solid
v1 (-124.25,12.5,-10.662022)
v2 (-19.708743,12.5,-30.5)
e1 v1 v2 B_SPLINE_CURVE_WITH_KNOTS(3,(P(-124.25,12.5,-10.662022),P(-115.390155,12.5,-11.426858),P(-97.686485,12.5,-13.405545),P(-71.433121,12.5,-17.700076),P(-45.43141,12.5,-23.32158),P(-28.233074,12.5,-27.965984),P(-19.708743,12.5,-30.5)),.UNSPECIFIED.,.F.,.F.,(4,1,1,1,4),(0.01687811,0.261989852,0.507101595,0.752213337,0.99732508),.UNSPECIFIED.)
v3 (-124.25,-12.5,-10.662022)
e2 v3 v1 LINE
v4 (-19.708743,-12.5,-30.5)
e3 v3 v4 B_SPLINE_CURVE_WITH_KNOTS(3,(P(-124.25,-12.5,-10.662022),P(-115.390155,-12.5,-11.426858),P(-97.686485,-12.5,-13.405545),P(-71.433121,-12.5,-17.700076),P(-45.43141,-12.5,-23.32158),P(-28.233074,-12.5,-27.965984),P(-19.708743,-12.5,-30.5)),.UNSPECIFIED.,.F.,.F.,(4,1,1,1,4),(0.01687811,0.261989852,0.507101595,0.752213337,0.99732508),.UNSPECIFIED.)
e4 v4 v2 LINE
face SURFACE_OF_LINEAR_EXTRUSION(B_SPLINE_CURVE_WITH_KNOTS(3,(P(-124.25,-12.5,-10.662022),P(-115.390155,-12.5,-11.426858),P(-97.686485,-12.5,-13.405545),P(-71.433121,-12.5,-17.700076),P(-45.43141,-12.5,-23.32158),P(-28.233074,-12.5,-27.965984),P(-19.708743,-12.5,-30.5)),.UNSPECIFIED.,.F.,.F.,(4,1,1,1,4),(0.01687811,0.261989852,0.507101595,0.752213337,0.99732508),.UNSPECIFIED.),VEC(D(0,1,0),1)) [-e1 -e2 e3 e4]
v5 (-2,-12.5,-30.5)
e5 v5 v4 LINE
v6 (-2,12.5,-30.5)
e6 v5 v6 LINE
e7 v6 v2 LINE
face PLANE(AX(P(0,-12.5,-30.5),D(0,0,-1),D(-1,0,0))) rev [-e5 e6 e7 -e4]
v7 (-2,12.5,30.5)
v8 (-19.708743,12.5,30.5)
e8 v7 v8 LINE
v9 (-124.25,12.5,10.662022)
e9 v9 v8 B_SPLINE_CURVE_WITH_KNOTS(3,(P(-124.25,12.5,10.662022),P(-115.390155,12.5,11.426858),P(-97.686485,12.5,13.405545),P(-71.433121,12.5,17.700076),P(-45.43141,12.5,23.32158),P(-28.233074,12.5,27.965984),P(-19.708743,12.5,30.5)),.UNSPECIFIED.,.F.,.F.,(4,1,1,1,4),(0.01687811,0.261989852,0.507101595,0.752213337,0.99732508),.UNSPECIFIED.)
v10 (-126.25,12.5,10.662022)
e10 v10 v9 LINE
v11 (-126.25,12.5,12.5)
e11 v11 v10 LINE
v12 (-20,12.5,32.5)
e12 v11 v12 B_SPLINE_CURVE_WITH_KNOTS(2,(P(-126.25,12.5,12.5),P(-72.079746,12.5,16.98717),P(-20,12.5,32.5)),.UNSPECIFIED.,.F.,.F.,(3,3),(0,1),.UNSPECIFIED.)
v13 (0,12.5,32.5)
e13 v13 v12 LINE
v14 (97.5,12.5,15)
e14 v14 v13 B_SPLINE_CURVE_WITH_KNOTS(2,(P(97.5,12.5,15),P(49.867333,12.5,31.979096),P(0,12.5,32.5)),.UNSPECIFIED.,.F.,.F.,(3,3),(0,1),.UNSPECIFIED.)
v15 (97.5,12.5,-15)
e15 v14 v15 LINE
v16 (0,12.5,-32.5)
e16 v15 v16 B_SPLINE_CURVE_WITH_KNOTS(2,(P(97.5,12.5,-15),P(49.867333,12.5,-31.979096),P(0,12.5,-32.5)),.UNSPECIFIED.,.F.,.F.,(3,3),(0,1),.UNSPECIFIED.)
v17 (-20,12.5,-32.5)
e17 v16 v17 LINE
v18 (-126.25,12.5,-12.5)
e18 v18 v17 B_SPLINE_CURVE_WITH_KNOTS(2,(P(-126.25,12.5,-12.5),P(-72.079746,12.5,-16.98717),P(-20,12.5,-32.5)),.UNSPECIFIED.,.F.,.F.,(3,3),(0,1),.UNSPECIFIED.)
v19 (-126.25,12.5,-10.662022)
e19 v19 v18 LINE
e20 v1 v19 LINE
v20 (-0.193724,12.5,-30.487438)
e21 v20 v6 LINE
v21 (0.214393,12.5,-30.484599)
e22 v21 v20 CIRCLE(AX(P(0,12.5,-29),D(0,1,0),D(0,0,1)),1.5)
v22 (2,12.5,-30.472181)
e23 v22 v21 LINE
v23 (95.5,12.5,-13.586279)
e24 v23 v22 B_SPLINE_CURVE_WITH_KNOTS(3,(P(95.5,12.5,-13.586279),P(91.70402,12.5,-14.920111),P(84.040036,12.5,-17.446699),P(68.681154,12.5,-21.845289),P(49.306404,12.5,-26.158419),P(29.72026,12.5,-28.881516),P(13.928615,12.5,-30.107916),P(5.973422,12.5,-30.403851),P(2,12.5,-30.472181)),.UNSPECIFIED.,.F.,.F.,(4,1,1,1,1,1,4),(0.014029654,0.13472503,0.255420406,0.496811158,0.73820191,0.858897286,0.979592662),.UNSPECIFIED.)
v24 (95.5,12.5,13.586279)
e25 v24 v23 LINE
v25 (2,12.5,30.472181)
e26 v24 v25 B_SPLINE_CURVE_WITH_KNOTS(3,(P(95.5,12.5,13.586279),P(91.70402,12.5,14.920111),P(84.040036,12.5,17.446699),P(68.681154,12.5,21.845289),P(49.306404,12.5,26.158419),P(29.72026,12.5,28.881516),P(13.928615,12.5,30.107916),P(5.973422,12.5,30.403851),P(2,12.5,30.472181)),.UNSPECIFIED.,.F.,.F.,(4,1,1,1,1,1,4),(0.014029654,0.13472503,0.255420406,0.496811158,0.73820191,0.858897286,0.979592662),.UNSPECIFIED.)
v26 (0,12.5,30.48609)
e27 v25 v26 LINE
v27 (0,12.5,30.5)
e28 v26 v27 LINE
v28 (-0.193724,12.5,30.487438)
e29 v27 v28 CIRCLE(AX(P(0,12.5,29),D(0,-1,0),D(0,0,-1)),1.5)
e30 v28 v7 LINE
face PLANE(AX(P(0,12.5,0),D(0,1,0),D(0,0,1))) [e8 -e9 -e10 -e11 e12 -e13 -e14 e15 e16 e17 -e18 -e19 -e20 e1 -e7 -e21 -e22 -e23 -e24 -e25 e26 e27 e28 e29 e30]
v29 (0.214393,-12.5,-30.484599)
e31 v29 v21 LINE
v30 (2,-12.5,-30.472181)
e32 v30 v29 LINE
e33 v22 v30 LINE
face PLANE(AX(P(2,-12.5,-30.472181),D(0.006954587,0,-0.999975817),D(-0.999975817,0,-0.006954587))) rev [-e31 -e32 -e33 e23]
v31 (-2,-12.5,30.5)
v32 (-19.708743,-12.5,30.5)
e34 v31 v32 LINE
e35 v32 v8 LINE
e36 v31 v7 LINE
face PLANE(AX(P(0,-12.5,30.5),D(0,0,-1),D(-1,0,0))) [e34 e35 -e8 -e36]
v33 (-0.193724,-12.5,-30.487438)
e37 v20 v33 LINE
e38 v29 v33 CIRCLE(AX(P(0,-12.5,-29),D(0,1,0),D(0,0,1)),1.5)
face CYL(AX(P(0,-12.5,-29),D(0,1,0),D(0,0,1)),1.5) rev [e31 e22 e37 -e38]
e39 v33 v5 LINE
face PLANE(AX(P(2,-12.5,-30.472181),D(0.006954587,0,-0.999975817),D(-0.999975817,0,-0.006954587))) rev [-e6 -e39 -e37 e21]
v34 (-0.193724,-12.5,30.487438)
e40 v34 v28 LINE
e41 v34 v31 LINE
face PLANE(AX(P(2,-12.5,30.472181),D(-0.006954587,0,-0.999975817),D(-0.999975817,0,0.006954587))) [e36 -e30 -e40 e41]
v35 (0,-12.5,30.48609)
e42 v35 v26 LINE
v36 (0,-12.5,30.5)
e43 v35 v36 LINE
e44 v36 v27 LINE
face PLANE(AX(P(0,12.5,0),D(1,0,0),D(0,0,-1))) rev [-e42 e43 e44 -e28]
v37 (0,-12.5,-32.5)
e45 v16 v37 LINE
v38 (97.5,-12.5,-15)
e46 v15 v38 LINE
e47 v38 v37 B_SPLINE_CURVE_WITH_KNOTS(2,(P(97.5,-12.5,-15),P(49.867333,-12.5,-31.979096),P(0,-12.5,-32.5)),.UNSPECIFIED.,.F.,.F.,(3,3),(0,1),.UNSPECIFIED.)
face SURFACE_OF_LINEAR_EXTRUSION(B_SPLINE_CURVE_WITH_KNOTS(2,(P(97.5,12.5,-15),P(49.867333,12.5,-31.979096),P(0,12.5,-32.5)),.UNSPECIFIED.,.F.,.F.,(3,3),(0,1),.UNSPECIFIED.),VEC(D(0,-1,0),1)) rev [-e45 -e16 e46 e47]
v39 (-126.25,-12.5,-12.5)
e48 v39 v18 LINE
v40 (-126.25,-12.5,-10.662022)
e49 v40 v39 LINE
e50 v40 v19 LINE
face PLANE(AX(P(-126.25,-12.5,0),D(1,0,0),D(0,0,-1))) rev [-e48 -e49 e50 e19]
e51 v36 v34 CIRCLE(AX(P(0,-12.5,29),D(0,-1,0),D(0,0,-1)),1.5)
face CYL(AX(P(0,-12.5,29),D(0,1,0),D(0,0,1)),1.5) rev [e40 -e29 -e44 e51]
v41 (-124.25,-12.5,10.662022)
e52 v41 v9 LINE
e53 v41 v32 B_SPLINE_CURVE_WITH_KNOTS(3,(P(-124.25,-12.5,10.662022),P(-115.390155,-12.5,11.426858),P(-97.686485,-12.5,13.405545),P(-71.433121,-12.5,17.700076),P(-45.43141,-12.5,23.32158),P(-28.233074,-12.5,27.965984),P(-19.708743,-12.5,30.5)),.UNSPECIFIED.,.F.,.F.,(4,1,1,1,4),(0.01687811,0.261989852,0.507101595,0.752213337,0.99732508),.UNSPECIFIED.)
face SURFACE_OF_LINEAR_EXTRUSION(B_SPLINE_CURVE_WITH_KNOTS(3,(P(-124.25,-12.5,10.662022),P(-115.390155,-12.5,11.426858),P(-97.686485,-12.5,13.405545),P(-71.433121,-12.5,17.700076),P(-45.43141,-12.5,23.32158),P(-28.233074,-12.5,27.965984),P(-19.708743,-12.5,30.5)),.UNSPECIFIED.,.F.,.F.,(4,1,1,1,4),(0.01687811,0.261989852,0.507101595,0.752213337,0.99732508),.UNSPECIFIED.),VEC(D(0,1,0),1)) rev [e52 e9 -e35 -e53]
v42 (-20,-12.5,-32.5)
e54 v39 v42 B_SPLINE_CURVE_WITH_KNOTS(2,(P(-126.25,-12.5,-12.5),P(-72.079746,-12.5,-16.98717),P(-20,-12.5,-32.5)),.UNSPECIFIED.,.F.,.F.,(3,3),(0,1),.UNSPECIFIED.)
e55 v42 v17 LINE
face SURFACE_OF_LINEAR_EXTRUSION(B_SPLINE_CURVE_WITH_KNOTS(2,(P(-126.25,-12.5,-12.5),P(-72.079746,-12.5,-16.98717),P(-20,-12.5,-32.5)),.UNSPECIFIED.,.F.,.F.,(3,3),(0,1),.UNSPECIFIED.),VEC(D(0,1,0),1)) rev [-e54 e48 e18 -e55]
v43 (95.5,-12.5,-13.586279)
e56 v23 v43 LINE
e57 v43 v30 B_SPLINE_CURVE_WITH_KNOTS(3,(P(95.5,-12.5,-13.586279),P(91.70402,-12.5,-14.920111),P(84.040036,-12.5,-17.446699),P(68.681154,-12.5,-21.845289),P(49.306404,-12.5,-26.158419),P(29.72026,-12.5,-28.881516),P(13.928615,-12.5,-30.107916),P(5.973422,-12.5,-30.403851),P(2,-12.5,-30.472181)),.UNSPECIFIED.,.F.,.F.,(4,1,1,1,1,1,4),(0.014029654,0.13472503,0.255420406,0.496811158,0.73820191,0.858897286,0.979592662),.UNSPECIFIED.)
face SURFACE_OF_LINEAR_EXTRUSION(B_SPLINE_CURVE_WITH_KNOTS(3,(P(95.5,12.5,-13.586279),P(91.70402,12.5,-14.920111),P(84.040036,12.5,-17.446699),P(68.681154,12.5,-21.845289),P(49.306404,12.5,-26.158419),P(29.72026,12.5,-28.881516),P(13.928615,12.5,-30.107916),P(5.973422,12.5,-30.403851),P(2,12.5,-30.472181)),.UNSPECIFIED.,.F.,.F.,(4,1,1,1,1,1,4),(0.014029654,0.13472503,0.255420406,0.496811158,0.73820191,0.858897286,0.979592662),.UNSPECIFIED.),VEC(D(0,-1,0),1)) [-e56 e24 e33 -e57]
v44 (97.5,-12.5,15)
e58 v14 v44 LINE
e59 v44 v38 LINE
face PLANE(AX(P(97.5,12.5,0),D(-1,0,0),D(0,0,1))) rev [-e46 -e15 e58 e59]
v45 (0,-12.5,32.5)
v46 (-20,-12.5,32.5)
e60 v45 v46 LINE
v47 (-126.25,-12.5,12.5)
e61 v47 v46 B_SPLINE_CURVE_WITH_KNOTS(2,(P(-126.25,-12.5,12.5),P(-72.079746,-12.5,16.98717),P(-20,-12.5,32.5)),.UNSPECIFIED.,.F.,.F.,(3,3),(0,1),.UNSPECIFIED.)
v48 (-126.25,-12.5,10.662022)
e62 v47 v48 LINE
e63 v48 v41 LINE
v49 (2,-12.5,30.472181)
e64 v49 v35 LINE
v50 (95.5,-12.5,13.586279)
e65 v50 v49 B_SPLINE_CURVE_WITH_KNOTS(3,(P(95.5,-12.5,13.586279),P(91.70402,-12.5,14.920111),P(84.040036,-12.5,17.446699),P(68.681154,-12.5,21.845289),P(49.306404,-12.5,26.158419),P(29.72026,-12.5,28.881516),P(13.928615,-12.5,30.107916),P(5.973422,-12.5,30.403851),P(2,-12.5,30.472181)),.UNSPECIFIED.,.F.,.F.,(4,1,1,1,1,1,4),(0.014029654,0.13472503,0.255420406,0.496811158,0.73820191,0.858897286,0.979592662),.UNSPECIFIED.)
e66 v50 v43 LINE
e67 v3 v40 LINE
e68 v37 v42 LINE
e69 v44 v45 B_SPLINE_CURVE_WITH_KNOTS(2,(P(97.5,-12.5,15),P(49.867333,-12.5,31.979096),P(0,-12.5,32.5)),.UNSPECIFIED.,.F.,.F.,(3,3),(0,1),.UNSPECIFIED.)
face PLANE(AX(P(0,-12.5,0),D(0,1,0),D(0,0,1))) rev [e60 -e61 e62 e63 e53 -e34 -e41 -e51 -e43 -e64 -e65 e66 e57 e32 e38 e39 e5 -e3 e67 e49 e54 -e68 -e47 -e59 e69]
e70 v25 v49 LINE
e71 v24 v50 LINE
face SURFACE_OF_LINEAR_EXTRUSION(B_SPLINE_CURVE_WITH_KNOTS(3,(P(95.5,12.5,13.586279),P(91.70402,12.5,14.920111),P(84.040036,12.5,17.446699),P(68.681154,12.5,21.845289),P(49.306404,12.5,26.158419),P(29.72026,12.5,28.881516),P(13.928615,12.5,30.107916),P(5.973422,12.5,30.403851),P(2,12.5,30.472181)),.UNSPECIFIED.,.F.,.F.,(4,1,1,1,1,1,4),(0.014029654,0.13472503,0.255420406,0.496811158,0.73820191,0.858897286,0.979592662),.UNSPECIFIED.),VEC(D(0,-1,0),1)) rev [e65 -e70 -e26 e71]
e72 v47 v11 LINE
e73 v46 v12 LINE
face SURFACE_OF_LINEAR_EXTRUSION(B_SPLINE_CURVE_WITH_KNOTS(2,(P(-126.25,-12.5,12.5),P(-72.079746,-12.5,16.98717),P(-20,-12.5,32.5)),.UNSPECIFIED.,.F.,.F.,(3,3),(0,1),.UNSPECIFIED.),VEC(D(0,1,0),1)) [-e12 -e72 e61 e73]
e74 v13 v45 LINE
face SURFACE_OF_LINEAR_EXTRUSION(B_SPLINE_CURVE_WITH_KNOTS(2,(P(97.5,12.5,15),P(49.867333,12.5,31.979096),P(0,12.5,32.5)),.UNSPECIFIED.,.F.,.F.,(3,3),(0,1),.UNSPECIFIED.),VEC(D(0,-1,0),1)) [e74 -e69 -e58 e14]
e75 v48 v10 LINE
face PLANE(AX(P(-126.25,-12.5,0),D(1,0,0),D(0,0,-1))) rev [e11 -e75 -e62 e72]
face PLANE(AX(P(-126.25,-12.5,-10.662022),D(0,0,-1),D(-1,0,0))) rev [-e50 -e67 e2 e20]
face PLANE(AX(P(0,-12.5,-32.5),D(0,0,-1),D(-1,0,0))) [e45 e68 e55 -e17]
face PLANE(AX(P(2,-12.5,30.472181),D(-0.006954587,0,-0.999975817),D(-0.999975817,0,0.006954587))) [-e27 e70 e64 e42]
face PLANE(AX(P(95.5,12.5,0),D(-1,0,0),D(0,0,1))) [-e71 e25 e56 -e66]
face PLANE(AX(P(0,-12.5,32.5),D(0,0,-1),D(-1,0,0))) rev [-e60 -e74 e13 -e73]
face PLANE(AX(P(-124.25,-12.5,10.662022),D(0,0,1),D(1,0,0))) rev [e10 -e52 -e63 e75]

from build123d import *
from build123d.topology import SkipClean

# Parameters (mm, degrees)
BOSS_EXTRUDE1_DEPTH = 12.5
SKETCH2_R           = 1.5
CUT_EXTRUDE1_DEPTH  = 106.770979153
BOSS_EXTRUDE2_DEPTH = 12.5
SKETCH5_W           = 219.75
SKETCH5_H           = 4
CUT_EXTRUDE4_DEPTH  = 133.741525292
CUT_EXTRUDE5_DEPTH  = 133.741525292
SKETCH7_W           = 2
SKETCH7_H           = 21.32404315
CUT_EXTRUDE6_DEPTH  = 133.741525292


with BuildPart() as part:
    # Sketch1 → Boss-Extrude1 (new, symmetric)
    with BuildSketch(Plane(origin=(0, 0, 0), x_dir=(1, 0, 0), z_dir=(0, 1, 0))):
        with BuildLine():
            Line((0, 32.5), (0, 0))
            Line((0, 0), (97.5, 0))
            Line((97.5, 0), (97.5, 15))
            add(Edge.make_bspline(
                [(97.5, 15), (49.867333034, 31.979096348), (0, 32.5)],
                knots=[0, 0, 0, 1, 1, 1], degree=2))
        make_face()
        with BuildLine():
            add(Edge.make_bspline(
                [(2, 30.472180979), (5.973421581, 30.403851063), (13.928614977, 30.107916443), (29.720259647, 28.881516286), (49.306403631, 26.158418674), (68.681154035, 21.845288993), (84.040035566, 17.446698519), (91.704019985, 14.92011128), (95.5, 13.586278965)],
                knots=[0.968736419, 0.968736419, 0.968736419, 0.968736419, 1.089431795, 1.210127171, 1.451517923, 1.692908675, 1.813604051, 1.934299427, 1.934299427, 1.934299427, 1.934299427], degree=3))
            Line((95.5, 13.586278965), (95.5, 2))
            Line((95.5, 2), (2, 2))
            Line((2, 2), (2, 30.472180979))
        make_face(mode=Mode.SUBTRACT)
    boss_extrude1 = extrude(amount=BOSS_EXTRUDE1_DEPTH, both=True)

    # Sketch2 → Cut-Extrude1 (cut, through all)
    with BuildSketch(Plane(origin=(0, 12.5, 0), x_dir=(1, 0, 0), z_dir=(0, 1, 0))):
        with Locations((0, 29)):
            Circle(SKETCH2_R)
        with Locations((94, 0)):
            Circle(SKETCH2_R)
    extrude(amount=-CUT_EXTRUDE1_DEPTH, mode=Mode.SUBTRACT)

    # Sketch3 → Boss-Extrude2 (add, symmetric)
    with BuildSketch(Plane(origin=(0, 0, 0), x_dir=(1, 0, 0), z_dir=(0, 1, 0))):
        with BuildLine():
            Line((0, 0), (0, 27.5))
            ThreePointArc((0, 27.5), (-1.5, 29), (0, 30.5))
            Line((0, 30.5), (0, 32.5))
            Line((0, 32.5), (-20, 32.5))
            add(Edge.make_bspline(
                [(-20, 32.5), (-72.079745639, 16.987169574), (-126.25, 12.5)],
                knots=[0.512731404, 0.512731404, 0.512731404, 1.512731404, 1.512731404, 1.512731404], degree=2))
            Line((-126.25, 12.5), (-126.25, 0))
            Line((-126.25, 0), (-117.75, 0))
            ThreePointArc((-117.75, 0), (-116.25, 1.5), (-114.75, 0))
            Line((-114.75, 0), (-87.75, 0))
            ThreePointArc((-87.75, 0), (-86.25, 1.5), (-84.75, 0))
            Line((-84.75, 0), (-57.75, 0))
            ThreePointArc((-57.75, 0), (-56.25, 1.5), (-54.75, 0))
            Line((-54.75, 0), (0, 0))
        make_face()
        with BuildLine():
            Line((-124.25, 2), (-124.25, 10.662021575))
            add(Edge.make_bspline(
                [(-124.25, 10.662021575), (-115.390155068, 11.4268576), (-97.68648523, 13.405544976), (-71.433121422, 17.700076016), (-45.431410048, 23.321580155), (-28.233073927, 27.965983779), (-19.708743244, 30.5)],
                knots=[0.01687811, 0.01687811, 0.01687811, 0.01687811, 0.261989852, 0.507101595, 0.752213337, 0.99732508, 0.99732508, 0.99732508, 0.99732508], degree=3))
            Line((-19.708743244, 30.5), (-2, 30.5))
            Line((-2, 30.5), (-2, 2))
            Line((-2, 2), (-124.25, 2))
        make_face(mode=Mode.SUBTRACT)
    boss_extrude2 = extrude(amount=BOSS_EXTRUDE2_DEPTH, both=True)

    # Mirror1: Boss-Extrude1, Boss-Extrude2 across plane
    with SkipClean():  # the faces are left unmerged after this step: merging them gives an invalid solid
        add(boss_extrude1.mirror(Plane.XY))
        add(boss_extrude2.mirror(Plane.XY))

    # Sketch5 → Cut-Extrude4 (cut, through all)
    with BuildSketch(Plane(origin=(0, 12.5, 0), x_dir=(1, 0, 0), z_dir=(0, 1, 0))):
        with Locations((-14.375, 0)):
            Rectangle(SKETCH5_W, SKETCH5_H)
    extrude(amount=-CUT_EXTRUDE4_DEPTH, mode=Mode.SUBTRACT)

    # Sketch6 → Cut-Extrude5 (cut, through all)
    with BuildSketch(Plane(origin=(0, 12.5, 0), x_dir=(1, 0, 0), z_dir=(0, 1, 0))):
        Polygon((-2, 2), (2, 2), (2, 30.472180979), (-2, 30.5), align=None)
    cut_extrude5 = extrude(amount=-CUT_EXTRUDE5_DEPTH, mode=Mode.SUBTRACT)

    # Mirror2: Cut-Extrude5 across plane
    add(cut_extrude5.mirror(Plane.XY), mode=Mode.SUBTRACT)

    # Sketch7 → Cut-Extrude6 (cut, through all)
    with BuildSketch(Plane(origin=(0, 12.5, 0), x_dir=(1, 0, 0), z_dir=(0, 1, 0))):
        with Locations((-125.25, 0)):
            Rectangle(SKETCH7_W, SKETCH7_H)
    extrude(amount=-CUT_EXTRUDE6_DEPTH, mode=Mode.SUBTRACT)


solid = part.part
